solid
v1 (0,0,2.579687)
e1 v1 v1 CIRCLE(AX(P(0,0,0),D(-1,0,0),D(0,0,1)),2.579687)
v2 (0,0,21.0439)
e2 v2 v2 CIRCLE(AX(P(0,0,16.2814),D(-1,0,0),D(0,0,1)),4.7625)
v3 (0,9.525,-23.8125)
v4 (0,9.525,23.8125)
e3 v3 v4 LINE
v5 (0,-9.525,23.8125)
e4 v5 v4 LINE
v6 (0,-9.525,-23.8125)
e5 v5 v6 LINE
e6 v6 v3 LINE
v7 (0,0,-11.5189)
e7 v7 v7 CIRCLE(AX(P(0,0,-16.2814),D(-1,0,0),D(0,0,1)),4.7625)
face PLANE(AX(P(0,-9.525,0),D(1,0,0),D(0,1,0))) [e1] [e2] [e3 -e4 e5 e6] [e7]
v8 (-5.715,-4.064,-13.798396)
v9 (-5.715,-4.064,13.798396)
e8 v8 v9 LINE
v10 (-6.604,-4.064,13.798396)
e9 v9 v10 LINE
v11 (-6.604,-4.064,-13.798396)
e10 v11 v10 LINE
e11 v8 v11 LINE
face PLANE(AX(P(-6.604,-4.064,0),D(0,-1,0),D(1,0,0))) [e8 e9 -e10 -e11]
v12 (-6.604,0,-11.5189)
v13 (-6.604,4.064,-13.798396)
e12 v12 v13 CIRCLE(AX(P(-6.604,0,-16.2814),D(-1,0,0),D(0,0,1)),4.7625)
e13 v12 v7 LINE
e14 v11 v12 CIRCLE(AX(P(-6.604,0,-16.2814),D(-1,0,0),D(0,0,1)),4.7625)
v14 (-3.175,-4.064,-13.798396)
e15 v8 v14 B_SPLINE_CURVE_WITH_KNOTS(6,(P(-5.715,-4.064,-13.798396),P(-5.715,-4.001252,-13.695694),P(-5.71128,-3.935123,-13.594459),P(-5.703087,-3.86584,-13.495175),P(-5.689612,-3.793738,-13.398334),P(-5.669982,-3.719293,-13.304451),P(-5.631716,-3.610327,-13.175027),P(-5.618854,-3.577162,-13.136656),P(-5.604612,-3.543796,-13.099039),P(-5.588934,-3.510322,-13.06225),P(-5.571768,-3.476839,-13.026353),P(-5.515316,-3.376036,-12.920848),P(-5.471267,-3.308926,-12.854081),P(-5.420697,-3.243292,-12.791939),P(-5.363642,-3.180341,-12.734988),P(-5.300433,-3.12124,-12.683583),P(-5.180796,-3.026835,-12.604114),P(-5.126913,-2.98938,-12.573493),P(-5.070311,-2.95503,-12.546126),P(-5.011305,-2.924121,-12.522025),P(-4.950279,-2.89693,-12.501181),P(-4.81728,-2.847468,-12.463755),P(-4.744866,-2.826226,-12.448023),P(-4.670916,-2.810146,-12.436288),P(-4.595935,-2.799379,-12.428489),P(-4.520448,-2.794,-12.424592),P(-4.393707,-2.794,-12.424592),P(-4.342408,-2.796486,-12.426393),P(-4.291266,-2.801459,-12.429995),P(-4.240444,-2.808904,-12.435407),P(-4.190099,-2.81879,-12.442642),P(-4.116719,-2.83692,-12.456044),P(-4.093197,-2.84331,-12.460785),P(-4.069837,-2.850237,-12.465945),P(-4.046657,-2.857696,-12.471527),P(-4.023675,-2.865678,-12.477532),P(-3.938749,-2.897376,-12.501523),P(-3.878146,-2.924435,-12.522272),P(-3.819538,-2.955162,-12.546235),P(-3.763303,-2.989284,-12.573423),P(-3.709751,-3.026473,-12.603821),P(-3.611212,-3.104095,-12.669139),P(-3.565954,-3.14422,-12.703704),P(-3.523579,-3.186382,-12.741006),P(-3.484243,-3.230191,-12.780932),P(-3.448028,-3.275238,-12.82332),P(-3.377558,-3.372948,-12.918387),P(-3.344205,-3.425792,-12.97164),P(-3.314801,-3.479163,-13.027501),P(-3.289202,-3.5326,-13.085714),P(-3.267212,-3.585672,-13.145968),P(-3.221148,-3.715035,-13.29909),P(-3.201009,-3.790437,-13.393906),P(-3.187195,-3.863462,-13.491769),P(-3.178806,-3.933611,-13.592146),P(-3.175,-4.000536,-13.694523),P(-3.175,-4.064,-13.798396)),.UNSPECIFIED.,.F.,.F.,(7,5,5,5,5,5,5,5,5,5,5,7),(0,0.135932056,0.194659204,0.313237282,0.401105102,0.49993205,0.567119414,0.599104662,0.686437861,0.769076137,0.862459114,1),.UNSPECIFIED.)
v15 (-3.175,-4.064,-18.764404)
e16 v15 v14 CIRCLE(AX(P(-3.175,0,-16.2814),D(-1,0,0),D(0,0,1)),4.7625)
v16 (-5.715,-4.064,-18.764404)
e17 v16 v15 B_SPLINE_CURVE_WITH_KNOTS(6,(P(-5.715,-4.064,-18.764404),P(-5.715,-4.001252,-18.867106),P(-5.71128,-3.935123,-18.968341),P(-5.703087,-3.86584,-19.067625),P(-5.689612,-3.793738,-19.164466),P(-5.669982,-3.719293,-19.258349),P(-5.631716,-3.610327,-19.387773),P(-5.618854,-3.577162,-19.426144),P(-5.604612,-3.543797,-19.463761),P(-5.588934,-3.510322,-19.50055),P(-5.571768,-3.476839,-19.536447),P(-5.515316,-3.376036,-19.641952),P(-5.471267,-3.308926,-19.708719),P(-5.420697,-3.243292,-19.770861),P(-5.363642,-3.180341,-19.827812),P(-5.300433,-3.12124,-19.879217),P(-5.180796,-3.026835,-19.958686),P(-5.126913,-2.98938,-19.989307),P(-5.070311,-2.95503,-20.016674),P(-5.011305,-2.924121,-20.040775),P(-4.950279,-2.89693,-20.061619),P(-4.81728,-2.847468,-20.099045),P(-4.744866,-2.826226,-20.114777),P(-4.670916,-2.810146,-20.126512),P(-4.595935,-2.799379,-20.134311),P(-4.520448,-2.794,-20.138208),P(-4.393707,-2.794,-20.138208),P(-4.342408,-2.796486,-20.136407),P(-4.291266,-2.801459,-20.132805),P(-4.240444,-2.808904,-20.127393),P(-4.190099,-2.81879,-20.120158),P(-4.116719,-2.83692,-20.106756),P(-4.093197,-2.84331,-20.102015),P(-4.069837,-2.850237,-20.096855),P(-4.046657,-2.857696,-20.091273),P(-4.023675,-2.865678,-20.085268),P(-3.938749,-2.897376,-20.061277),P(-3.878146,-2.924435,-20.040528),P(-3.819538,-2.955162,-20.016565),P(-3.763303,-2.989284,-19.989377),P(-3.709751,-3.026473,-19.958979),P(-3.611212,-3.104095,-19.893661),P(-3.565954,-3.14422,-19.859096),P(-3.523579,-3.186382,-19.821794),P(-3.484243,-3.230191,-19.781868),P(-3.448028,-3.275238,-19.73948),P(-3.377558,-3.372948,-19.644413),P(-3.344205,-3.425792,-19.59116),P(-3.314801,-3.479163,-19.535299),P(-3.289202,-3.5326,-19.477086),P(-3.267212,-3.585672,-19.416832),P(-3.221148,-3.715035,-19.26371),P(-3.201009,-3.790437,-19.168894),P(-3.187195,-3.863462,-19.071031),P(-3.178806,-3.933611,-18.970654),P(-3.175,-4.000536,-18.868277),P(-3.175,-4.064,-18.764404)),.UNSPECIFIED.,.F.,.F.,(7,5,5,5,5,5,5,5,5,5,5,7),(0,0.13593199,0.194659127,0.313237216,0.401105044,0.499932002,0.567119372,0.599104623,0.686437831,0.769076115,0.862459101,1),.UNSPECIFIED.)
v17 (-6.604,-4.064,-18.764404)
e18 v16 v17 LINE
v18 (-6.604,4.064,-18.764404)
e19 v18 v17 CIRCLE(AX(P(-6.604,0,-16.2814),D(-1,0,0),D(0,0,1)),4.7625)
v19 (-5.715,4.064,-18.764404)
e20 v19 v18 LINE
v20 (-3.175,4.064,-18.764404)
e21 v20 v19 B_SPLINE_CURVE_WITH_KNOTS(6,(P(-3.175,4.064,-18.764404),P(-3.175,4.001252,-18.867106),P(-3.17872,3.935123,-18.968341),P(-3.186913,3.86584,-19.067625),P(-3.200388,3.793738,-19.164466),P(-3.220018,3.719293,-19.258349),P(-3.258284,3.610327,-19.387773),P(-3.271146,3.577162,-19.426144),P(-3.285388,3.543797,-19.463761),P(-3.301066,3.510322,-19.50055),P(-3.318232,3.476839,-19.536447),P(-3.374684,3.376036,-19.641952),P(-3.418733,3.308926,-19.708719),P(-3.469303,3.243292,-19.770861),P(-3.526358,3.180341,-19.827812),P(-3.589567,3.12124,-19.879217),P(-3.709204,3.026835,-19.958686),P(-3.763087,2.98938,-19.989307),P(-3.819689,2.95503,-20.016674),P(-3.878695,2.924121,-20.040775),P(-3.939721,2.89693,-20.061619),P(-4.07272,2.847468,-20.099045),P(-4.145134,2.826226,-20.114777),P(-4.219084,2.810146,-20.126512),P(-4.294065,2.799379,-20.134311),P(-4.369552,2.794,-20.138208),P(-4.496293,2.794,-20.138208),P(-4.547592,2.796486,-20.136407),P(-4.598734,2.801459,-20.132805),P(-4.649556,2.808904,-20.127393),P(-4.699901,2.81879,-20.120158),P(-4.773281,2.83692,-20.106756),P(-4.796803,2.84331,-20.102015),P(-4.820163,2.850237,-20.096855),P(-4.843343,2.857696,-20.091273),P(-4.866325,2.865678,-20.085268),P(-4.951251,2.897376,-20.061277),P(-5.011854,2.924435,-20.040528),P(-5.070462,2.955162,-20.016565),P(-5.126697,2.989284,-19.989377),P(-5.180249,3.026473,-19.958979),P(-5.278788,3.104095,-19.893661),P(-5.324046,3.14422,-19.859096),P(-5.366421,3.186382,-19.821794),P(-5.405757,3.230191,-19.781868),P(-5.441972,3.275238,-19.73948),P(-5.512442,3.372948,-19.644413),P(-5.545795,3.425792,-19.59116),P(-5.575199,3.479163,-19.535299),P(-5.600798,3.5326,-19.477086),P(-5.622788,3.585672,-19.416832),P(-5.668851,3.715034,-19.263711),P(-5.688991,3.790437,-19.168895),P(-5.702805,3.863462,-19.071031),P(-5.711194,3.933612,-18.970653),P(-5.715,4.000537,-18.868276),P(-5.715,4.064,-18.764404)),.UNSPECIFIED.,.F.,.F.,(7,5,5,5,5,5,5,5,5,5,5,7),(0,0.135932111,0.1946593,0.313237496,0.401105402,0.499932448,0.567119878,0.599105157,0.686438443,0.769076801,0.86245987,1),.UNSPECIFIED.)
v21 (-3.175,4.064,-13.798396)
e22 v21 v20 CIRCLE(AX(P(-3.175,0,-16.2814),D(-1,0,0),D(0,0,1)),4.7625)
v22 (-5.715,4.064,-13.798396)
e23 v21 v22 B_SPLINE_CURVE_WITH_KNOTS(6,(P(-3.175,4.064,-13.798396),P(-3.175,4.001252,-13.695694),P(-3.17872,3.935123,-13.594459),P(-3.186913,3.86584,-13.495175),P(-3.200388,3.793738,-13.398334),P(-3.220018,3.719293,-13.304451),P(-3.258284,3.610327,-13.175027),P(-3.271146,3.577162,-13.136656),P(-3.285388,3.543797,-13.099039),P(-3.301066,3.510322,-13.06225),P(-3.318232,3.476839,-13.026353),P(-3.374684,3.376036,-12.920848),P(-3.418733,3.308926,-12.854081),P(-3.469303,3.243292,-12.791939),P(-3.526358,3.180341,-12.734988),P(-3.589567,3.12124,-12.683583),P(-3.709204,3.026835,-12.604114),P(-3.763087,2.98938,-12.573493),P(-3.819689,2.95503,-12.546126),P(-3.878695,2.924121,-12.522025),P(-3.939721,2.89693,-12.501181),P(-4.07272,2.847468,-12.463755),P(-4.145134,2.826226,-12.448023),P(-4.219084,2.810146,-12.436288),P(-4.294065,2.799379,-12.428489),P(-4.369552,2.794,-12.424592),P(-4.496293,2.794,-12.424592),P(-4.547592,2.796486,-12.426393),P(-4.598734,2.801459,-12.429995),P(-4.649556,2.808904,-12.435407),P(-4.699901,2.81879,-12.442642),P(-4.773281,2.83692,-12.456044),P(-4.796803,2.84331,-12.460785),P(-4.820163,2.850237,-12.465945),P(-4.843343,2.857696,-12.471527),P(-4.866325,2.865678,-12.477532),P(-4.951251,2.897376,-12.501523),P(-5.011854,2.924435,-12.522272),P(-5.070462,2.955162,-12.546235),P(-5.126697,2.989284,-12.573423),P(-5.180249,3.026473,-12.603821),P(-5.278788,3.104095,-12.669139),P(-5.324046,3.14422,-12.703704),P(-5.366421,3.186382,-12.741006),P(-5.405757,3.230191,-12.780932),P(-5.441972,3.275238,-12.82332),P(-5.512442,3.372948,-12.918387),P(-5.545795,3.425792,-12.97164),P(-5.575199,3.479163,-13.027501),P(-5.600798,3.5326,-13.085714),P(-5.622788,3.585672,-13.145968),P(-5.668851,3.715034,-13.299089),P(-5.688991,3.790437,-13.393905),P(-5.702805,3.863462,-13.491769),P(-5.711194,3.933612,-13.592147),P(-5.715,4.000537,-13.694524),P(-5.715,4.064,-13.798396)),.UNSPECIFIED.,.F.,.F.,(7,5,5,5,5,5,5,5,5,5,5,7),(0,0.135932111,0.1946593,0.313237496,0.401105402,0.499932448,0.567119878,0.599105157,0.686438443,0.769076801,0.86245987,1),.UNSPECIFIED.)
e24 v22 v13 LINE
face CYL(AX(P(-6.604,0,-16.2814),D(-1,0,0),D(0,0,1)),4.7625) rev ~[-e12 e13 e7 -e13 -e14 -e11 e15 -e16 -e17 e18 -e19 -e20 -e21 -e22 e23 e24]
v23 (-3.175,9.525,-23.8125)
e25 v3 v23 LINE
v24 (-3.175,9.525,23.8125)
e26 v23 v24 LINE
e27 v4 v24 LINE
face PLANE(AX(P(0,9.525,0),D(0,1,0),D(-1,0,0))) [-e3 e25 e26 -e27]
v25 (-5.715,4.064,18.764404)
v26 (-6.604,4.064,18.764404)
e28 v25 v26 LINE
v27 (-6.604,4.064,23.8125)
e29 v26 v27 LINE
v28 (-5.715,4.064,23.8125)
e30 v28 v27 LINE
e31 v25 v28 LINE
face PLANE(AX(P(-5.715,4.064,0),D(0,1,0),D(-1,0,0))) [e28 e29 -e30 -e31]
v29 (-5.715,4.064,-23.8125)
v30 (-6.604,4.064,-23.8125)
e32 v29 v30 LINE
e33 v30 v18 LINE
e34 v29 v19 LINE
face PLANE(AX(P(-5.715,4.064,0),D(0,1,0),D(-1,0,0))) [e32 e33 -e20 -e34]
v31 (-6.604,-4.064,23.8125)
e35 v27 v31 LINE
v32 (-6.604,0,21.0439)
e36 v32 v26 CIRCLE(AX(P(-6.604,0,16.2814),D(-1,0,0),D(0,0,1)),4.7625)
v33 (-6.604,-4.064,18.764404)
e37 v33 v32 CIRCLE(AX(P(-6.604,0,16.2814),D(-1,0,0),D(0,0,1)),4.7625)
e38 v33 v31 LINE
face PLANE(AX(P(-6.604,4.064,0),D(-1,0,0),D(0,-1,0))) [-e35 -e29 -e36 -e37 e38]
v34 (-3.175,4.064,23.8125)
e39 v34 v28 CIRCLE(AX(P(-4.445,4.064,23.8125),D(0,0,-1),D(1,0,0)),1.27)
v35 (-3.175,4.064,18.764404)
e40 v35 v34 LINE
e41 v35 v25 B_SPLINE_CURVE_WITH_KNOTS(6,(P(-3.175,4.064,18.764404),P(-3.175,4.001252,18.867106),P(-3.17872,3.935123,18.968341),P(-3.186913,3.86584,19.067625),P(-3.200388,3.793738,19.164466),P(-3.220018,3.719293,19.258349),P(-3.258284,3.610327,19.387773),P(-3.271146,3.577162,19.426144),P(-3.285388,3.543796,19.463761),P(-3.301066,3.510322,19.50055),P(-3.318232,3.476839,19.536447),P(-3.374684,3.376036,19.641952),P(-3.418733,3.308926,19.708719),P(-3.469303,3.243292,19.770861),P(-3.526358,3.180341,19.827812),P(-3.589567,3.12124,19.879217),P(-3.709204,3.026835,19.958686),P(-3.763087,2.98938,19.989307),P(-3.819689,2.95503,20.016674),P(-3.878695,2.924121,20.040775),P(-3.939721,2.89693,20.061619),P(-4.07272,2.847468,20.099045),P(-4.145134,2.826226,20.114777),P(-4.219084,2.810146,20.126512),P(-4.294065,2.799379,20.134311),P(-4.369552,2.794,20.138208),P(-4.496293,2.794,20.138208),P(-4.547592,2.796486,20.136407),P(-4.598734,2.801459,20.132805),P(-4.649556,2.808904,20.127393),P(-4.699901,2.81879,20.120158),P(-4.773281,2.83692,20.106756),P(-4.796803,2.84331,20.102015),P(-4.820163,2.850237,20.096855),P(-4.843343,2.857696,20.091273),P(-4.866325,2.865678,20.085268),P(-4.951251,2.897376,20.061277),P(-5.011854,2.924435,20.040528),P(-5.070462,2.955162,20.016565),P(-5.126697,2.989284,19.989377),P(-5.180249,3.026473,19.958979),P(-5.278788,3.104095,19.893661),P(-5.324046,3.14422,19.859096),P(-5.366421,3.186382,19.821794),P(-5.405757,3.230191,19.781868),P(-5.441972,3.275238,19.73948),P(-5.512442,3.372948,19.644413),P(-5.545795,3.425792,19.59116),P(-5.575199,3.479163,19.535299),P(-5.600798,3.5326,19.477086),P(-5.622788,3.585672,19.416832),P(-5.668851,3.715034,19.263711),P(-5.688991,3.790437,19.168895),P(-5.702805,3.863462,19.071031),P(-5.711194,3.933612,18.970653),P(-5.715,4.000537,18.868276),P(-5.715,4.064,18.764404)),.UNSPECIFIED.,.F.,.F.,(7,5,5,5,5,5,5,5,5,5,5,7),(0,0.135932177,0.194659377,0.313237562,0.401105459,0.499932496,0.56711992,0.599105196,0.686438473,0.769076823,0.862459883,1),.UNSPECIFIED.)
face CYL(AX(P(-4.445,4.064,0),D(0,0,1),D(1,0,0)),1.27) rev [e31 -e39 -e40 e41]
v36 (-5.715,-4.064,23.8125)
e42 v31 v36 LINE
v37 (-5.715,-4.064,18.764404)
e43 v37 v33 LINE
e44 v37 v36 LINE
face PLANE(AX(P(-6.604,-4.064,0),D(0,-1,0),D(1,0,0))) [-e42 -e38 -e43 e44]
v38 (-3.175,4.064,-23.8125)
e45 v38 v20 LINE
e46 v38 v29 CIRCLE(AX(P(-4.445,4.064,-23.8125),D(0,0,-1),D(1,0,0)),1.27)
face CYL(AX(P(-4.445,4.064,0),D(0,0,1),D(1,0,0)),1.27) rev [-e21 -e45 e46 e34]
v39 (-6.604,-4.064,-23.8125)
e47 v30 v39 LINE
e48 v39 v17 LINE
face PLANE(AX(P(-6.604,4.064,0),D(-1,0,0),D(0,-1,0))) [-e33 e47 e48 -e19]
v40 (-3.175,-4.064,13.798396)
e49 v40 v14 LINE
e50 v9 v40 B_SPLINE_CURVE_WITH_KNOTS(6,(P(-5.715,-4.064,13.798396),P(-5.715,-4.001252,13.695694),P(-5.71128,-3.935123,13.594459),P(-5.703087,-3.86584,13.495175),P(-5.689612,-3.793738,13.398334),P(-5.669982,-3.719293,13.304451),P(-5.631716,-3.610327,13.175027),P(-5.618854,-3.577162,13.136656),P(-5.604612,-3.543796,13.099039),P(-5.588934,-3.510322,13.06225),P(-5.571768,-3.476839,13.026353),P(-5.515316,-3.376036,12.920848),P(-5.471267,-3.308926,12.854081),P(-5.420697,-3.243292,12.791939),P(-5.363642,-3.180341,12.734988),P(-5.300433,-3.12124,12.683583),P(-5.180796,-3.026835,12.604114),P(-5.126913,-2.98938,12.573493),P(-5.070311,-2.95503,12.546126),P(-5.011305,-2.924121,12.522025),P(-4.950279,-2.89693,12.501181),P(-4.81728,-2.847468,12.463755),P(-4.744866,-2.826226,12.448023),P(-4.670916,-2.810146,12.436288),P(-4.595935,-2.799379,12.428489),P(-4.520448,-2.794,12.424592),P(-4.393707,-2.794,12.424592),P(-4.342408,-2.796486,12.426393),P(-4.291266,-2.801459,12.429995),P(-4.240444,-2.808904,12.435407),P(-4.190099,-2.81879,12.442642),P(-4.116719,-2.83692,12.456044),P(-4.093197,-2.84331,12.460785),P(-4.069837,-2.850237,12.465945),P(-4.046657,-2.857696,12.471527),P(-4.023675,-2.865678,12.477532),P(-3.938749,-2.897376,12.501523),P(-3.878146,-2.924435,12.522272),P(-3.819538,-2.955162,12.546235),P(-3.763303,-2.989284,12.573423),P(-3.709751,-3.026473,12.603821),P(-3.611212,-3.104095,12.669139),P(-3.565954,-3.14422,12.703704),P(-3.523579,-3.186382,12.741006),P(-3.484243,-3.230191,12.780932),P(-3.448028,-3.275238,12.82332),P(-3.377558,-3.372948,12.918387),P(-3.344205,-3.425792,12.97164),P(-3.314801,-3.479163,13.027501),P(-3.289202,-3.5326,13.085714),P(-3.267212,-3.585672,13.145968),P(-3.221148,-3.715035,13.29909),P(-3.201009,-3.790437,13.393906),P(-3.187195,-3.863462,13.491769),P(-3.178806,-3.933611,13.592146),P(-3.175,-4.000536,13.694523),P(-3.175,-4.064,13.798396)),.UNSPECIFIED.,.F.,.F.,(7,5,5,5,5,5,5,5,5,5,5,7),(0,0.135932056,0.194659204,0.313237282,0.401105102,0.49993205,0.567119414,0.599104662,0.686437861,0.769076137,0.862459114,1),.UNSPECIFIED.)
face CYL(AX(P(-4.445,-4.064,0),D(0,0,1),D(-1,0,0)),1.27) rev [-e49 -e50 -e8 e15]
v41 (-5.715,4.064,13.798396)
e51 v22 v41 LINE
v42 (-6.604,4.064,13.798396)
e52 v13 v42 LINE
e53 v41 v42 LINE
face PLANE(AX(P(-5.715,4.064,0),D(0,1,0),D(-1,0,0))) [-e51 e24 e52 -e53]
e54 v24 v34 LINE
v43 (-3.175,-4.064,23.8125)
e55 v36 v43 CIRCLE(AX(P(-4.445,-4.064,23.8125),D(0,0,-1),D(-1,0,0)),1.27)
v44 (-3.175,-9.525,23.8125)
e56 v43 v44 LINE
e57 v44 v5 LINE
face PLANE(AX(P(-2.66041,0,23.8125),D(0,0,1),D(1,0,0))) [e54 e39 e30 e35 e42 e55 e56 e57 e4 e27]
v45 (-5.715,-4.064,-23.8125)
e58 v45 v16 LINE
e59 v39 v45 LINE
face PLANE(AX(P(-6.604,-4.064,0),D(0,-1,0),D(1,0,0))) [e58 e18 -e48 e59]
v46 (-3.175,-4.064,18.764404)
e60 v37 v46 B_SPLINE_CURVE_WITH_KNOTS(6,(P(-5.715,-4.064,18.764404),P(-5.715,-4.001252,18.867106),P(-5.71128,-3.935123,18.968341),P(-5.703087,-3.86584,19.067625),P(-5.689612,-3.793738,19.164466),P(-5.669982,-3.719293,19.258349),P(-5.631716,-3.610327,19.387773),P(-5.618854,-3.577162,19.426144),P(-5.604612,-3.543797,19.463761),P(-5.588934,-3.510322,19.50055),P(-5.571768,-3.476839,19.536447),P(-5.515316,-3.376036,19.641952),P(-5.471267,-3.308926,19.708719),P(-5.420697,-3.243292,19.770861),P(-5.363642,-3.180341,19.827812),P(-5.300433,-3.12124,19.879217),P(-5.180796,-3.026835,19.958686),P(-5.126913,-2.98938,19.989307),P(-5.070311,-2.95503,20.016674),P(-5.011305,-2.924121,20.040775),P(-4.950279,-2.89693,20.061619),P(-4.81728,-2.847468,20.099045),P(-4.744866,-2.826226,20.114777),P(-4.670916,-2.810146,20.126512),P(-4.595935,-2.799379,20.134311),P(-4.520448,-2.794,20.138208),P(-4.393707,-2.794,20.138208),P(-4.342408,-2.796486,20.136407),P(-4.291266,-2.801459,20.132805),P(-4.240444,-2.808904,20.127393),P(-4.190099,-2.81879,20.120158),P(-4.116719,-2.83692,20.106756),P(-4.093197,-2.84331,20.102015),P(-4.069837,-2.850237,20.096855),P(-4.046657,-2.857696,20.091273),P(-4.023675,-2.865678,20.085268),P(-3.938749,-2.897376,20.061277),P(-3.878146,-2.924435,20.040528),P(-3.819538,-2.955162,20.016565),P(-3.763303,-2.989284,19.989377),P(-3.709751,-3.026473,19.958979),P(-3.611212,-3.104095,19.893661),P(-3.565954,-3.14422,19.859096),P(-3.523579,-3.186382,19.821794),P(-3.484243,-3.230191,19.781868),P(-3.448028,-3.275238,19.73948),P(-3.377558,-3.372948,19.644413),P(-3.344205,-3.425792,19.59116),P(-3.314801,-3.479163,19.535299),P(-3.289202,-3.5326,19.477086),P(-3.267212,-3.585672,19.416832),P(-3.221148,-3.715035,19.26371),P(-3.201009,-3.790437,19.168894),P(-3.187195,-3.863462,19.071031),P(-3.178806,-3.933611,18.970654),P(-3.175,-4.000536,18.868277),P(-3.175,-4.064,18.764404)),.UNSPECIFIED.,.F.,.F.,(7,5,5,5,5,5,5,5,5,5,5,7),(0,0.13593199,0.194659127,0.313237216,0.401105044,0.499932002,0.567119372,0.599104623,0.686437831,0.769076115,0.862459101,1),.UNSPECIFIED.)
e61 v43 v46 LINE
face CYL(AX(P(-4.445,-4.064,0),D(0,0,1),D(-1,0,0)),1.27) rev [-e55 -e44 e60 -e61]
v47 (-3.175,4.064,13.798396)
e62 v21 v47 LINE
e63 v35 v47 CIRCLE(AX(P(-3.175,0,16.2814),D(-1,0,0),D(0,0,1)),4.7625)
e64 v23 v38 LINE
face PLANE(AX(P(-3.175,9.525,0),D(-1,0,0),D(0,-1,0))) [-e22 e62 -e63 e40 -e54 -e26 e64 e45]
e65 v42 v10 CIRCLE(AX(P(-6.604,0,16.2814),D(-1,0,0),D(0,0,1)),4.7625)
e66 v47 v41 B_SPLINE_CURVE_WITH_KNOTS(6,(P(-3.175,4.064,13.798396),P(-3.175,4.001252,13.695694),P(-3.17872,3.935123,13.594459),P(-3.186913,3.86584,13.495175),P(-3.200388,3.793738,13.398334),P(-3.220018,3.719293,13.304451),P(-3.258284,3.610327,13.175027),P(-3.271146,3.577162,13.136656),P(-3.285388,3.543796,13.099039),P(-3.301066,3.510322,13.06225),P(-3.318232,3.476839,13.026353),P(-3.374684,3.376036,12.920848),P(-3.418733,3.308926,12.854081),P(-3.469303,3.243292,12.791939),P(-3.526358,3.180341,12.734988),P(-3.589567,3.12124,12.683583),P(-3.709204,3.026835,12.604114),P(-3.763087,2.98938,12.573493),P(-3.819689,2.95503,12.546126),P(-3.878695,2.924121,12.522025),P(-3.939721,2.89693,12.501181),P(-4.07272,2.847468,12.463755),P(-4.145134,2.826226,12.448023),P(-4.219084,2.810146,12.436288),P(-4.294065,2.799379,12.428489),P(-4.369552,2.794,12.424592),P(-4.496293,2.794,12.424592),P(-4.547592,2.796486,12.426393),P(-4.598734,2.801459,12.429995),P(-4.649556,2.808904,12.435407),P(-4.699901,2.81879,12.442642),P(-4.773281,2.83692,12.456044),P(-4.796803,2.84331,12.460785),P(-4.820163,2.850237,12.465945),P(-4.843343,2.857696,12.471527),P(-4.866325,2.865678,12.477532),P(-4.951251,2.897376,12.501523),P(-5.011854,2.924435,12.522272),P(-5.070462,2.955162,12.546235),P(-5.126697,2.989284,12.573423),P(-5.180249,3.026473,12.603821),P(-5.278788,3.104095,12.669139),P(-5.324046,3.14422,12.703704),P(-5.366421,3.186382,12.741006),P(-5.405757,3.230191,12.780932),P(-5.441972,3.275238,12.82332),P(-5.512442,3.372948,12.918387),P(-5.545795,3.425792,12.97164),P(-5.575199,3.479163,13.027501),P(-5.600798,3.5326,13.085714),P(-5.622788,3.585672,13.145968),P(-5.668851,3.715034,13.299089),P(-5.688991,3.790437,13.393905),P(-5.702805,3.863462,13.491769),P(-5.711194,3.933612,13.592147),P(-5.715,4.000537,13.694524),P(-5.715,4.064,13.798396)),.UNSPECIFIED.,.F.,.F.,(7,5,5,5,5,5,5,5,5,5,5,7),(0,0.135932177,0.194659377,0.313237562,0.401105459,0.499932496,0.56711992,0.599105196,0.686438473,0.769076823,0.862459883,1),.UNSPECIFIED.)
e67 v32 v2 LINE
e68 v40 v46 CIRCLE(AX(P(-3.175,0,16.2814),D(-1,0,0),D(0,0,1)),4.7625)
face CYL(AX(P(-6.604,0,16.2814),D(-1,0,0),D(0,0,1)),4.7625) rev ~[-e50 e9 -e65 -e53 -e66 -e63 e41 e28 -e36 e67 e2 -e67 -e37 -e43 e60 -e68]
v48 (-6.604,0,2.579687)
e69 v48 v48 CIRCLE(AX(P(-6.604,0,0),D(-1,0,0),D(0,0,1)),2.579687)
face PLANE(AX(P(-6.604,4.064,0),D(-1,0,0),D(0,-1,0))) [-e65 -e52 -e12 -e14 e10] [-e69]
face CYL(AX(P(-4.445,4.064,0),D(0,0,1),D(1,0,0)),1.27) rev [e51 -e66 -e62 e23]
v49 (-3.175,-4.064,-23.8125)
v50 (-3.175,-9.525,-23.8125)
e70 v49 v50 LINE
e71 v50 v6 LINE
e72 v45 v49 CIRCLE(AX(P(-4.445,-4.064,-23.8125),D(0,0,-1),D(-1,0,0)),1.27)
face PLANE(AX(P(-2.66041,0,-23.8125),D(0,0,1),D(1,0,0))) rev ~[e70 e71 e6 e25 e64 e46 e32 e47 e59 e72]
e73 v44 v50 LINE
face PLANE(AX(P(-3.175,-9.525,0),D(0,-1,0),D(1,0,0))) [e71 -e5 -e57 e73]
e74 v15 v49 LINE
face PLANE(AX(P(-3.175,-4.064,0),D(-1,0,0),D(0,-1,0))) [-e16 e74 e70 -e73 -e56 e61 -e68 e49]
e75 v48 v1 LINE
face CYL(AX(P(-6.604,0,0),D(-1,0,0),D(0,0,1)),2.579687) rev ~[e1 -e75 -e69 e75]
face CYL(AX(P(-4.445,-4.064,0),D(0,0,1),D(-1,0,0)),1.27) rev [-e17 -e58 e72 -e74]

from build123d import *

# Parameters (mm, degrees)
BOSS_EXTRUDE1_DEPTH = 23.8125
SKETCH2_R           = 2.5796875
CUT_EXTRUDE1_DEPTH  = 7.604
SKETCH3_R           = 4.7625
CUT_EXTRUDE2_DEPTH  = 7.604


with BuildPart() as part:
    # Sketch1 → Boss-Extrude1 (new body, symmetric)
    with BuildSketch(Plane.XY):
        with BuildLine():
            Line((0, -9.525), (0, 9.525))
            Line((0, 9.525), (-3.175, 9.525))
            Line((-3.175, 9.525), (-3.175, 4.064))
            ThreePointArc((-3.175, 4.064), (-4.445, 2.794), (-5.715, 4.064))
            Line((-5.715, 4.064), (-6.604, 4.064))
            Line((-6.604, 4.064), (-6.604, -4.064))
            Line((-6.604, -4.064), (-5.715, -4.064))
            ThreePointArc((-5.715, -4.064), (-4.445, -2.794), (-3.175, -4.064))
            Line((-3.175, -4.064), (-3.175, -9.525))
            Line((-3.175, -9.525), (0, -9.525))
        make_face()
    extrude(amount=BOSS_EXTRUDE1_DEPTH, both=True)

    # Sketch2 → Cut-Extrude1 (cut, through all)
    with BuildSketch(Plane.ZY.offset(6.604)):
        with Locations((16.2814, 0)):
            Circle(SKETCH2_R)
        with Locations((-16.2814, 0)):
            Circle(SKETCH2_R)
        Circle(SKETCH2_R)
    extrude(amount=-CUT_EXTRUDE1_DEPTH, mode=Mode.SUBTRACT)

    # Sketch3 → Cut-Extrude2 (cut, through all)
    with BuildSketch(Plane.ZY.offset(6.604)):
        with Locations((-16.2814, 0)):
            Circle(SKETCH3_R)
        with Locations((16.2814, 0)):
            Circle(SKETCH3_R)
    extrude(amount=-CUT_EXTRUDE2_DEPTH, mode=Mode.SUBTRACT)


solid = part.part
